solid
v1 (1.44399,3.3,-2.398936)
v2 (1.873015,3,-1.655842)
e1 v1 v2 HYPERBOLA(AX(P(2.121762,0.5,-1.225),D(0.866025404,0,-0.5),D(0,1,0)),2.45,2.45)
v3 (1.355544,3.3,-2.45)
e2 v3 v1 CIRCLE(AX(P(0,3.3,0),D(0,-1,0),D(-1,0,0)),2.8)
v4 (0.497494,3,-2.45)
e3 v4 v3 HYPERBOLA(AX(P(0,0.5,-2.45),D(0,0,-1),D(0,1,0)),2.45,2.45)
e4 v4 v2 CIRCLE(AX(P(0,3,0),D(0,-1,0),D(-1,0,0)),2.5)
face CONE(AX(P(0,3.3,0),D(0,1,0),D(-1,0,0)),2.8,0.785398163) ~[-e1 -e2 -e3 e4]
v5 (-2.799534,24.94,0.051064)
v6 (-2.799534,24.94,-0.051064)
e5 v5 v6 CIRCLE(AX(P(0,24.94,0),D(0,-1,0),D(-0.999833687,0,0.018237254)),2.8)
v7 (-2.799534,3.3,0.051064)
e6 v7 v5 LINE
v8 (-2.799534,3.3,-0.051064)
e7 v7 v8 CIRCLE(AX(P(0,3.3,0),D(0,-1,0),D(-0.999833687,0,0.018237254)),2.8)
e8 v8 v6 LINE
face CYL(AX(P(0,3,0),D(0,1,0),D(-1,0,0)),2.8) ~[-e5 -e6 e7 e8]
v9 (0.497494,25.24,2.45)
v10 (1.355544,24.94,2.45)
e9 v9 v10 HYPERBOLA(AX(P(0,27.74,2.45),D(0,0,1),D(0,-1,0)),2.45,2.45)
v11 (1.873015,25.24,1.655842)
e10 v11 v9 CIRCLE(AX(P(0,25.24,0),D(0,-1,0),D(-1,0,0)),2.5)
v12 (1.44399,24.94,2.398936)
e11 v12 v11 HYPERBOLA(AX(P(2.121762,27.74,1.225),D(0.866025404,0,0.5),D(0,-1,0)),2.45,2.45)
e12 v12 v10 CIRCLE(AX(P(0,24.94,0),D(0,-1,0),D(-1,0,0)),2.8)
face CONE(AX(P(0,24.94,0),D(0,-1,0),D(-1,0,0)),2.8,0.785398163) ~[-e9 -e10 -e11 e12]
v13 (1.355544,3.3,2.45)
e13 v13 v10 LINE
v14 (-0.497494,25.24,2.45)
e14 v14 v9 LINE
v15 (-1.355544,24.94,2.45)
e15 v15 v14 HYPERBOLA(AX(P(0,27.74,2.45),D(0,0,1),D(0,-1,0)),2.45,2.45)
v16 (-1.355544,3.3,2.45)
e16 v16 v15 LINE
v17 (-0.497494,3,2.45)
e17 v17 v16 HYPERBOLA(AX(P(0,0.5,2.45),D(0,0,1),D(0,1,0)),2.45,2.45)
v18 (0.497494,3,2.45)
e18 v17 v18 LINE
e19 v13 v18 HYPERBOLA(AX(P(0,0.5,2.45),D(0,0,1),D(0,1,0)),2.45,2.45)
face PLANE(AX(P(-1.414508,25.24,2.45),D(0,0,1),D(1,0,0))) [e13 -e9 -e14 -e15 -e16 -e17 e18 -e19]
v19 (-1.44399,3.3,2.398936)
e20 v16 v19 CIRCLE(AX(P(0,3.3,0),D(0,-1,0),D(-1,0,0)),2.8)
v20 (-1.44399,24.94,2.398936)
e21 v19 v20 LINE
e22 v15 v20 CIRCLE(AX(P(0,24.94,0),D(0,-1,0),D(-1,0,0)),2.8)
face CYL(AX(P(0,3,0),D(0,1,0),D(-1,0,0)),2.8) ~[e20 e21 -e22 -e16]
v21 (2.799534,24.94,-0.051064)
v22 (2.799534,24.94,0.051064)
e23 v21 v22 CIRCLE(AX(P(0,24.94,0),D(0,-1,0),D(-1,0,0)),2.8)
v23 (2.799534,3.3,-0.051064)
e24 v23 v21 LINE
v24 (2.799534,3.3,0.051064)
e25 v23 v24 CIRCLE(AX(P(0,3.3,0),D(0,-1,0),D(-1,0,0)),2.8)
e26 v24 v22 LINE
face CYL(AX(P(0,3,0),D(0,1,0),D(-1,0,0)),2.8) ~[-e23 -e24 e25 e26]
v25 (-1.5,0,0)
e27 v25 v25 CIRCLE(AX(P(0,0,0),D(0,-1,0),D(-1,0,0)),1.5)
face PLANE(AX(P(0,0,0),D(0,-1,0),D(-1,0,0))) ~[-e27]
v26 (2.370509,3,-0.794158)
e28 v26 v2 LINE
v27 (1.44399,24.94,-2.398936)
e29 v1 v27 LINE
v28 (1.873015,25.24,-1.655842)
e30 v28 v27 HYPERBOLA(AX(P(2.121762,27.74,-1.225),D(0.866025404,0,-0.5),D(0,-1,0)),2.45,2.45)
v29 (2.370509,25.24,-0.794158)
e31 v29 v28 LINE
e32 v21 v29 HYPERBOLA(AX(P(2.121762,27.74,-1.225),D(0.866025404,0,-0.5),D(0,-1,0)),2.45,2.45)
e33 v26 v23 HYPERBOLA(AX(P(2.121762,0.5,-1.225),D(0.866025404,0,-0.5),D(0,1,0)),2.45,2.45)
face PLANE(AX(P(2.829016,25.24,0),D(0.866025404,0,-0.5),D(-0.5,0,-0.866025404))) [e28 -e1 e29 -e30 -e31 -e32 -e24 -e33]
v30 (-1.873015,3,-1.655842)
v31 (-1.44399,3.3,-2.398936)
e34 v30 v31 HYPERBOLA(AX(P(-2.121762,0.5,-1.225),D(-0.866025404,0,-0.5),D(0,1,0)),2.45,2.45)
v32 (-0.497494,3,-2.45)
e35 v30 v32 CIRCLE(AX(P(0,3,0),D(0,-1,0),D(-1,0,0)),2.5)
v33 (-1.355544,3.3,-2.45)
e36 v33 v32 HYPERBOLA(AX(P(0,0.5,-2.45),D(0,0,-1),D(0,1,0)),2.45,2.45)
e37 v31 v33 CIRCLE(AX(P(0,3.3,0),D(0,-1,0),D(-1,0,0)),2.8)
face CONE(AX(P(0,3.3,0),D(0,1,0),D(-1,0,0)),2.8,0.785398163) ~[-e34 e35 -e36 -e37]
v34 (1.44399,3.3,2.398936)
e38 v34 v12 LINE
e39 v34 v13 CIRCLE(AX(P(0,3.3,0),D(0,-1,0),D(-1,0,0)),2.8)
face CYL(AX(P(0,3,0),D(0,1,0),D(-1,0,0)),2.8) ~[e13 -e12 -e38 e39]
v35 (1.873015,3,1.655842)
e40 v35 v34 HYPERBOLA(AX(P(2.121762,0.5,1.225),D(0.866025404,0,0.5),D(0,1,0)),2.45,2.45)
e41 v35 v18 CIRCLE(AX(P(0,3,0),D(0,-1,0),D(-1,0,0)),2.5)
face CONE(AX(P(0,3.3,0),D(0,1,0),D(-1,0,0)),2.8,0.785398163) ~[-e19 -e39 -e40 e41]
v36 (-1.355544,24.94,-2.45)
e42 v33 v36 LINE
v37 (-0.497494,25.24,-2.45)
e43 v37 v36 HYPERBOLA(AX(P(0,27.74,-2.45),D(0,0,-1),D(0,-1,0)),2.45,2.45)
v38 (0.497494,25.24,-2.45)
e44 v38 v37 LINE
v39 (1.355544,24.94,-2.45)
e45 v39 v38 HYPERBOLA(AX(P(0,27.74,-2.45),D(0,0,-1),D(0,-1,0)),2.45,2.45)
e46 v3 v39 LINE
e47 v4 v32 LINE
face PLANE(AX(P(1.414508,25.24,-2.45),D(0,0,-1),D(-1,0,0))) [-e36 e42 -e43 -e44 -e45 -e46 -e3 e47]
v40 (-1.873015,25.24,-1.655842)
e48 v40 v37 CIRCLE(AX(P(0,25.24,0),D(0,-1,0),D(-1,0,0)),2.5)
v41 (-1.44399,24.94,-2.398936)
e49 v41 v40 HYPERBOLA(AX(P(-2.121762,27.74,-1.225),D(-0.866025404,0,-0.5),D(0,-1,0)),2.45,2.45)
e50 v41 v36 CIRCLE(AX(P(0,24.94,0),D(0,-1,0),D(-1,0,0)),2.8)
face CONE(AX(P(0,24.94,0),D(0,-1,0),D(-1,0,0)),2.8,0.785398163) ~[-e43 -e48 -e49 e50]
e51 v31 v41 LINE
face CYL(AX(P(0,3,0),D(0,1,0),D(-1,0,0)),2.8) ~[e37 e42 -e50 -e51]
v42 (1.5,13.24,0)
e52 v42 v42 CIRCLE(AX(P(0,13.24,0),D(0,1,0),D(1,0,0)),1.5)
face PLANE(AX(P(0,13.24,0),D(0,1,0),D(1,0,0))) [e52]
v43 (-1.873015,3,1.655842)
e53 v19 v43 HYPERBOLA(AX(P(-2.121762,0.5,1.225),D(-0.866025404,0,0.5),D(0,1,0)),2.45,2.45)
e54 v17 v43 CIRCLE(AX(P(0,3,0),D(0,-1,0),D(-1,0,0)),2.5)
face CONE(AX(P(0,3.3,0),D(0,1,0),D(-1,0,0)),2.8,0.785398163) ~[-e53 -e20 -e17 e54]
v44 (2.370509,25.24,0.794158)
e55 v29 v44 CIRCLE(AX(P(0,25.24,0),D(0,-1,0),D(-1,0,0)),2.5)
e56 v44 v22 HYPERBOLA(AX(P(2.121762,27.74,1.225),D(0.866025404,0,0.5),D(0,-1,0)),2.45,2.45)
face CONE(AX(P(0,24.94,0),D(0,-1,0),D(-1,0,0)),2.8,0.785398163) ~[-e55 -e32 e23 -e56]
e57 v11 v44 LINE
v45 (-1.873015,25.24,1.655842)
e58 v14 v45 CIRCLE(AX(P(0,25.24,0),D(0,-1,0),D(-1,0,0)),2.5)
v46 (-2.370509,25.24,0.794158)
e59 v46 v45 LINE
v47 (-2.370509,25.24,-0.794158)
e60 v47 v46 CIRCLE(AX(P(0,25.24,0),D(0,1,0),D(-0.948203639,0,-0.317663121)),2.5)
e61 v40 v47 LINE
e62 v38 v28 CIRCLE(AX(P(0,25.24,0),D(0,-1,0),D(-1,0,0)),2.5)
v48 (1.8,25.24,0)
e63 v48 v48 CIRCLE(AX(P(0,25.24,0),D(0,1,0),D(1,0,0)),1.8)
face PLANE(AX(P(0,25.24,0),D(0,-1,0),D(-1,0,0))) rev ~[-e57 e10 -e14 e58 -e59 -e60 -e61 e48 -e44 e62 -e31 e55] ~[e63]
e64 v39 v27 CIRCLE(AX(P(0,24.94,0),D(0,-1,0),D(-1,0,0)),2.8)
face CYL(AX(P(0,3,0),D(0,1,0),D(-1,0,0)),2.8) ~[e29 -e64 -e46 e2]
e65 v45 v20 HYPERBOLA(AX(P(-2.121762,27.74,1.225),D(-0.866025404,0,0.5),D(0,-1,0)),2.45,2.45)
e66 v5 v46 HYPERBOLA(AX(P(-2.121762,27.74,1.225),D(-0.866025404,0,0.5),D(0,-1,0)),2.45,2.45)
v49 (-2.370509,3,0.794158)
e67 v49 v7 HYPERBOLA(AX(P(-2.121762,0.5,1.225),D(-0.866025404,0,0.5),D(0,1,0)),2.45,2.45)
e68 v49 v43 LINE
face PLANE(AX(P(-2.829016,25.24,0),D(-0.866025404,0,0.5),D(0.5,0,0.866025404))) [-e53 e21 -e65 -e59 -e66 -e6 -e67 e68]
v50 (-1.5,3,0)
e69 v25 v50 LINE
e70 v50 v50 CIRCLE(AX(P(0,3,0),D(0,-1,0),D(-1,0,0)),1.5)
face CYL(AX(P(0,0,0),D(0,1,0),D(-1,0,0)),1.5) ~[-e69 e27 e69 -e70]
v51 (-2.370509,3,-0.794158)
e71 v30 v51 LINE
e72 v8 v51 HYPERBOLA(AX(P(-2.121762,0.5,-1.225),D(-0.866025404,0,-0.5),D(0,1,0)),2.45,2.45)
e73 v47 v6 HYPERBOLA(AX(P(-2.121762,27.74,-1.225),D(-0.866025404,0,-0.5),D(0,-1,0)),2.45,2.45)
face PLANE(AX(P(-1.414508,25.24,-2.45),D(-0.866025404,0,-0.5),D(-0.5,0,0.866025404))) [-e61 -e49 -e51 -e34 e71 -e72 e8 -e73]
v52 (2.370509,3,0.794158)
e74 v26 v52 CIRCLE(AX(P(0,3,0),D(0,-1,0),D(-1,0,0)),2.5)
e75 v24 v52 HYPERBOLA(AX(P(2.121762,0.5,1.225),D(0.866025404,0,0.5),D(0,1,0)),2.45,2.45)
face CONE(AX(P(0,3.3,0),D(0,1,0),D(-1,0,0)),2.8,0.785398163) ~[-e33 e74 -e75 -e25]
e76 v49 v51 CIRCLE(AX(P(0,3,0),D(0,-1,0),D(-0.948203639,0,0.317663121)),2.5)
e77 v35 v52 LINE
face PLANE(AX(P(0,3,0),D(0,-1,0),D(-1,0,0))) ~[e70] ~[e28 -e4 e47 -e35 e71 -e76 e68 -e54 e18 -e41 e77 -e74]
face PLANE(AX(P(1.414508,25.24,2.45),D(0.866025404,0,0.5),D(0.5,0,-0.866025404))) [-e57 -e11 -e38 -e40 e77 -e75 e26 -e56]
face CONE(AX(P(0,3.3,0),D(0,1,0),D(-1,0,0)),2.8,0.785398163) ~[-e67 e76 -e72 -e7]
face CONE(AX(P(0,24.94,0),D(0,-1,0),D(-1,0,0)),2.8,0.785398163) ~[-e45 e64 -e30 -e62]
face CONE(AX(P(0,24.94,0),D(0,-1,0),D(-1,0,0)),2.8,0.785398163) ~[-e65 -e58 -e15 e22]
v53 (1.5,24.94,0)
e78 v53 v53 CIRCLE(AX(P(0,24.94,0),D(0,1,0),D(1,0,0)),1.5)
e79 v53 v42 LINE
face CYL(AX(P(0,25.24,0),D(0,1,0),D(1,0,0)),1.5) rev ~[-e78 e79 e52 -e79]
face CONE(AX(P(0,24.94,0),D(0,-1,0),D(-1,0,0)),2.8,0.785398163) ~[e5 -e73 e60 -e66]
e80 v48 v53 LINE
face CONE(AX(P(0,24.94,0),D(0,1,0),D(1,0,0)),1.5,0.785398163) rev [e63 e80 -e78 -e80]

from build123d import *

# Parameters (mm, degrees)
SKETCH3_R         = 1.5
EXTRUDE1_DEPTH    = 12
CHAMFER1_SIZE     = 0.3
SKETCH4_OUTSIDE_W = 12.89
SKETCH4_OUTSIDE_H = 12.89
EXTRUDE2_DEPTH    = 26.24


with BuildPart() as part:
    # Sketch2 → Revolve3 (revolve)
    with BuildSketch(Plane.XY):
        Polygon((0, 0), (-1.5, 0), (-1.5, 3), (-2.8, 3), (-2.8, 25.24), (0, 25.24), align=None)
    revolve(axis=Axis((0, 33.398198685, 0), (0, -1, 0)))

    # Sketch3 → Extrude1 (cut)
    with BuildSketch(Plane(origin=(0, 25.24, 0), x_dir=(1, 0, 0), z_dir=(0, 1, 0))):
        Circle(SKETCH3_R)
    extrude(amount=-EXTRUDE1_DEPTH, mode=Mode.SUBTRACT)

    # Chamfer1
    chamfer1_edges = [part.edges().sort_by_distance(p)[0] for p in [
        (-1.5, 25.24, 0),
        (2.8, 25.24, 0),
        (2.8, 3, 0),
    ]]
    chamfer(chamfer1_edges, length=CHAMFER1_SIZE)

    # Sketch4 outside → Extrude2 (cut, through all)
    with BuildSketch(Plane(origin=(0, 25.24, 0), x_dir=(1, 0, 0), z_dir=(0, 1, 0))):
        Rectangle(SKETCH4_OUTSIDE_W, SKETCH4_OUTSIDE_H)
        Polygon((2.829016319, 0), (1.41450816, 2.45), (-1.41450816, 2.45), (-2.829016319, 0), (-1.41450816, -2.45), (1.41450816, -2.45), align=None, mode=Mode.SUBTRACT)
    extrude(amount=-EXTRUDE2_DEPTH, mode=Mode.SUBTRACT)


solid = part.part
